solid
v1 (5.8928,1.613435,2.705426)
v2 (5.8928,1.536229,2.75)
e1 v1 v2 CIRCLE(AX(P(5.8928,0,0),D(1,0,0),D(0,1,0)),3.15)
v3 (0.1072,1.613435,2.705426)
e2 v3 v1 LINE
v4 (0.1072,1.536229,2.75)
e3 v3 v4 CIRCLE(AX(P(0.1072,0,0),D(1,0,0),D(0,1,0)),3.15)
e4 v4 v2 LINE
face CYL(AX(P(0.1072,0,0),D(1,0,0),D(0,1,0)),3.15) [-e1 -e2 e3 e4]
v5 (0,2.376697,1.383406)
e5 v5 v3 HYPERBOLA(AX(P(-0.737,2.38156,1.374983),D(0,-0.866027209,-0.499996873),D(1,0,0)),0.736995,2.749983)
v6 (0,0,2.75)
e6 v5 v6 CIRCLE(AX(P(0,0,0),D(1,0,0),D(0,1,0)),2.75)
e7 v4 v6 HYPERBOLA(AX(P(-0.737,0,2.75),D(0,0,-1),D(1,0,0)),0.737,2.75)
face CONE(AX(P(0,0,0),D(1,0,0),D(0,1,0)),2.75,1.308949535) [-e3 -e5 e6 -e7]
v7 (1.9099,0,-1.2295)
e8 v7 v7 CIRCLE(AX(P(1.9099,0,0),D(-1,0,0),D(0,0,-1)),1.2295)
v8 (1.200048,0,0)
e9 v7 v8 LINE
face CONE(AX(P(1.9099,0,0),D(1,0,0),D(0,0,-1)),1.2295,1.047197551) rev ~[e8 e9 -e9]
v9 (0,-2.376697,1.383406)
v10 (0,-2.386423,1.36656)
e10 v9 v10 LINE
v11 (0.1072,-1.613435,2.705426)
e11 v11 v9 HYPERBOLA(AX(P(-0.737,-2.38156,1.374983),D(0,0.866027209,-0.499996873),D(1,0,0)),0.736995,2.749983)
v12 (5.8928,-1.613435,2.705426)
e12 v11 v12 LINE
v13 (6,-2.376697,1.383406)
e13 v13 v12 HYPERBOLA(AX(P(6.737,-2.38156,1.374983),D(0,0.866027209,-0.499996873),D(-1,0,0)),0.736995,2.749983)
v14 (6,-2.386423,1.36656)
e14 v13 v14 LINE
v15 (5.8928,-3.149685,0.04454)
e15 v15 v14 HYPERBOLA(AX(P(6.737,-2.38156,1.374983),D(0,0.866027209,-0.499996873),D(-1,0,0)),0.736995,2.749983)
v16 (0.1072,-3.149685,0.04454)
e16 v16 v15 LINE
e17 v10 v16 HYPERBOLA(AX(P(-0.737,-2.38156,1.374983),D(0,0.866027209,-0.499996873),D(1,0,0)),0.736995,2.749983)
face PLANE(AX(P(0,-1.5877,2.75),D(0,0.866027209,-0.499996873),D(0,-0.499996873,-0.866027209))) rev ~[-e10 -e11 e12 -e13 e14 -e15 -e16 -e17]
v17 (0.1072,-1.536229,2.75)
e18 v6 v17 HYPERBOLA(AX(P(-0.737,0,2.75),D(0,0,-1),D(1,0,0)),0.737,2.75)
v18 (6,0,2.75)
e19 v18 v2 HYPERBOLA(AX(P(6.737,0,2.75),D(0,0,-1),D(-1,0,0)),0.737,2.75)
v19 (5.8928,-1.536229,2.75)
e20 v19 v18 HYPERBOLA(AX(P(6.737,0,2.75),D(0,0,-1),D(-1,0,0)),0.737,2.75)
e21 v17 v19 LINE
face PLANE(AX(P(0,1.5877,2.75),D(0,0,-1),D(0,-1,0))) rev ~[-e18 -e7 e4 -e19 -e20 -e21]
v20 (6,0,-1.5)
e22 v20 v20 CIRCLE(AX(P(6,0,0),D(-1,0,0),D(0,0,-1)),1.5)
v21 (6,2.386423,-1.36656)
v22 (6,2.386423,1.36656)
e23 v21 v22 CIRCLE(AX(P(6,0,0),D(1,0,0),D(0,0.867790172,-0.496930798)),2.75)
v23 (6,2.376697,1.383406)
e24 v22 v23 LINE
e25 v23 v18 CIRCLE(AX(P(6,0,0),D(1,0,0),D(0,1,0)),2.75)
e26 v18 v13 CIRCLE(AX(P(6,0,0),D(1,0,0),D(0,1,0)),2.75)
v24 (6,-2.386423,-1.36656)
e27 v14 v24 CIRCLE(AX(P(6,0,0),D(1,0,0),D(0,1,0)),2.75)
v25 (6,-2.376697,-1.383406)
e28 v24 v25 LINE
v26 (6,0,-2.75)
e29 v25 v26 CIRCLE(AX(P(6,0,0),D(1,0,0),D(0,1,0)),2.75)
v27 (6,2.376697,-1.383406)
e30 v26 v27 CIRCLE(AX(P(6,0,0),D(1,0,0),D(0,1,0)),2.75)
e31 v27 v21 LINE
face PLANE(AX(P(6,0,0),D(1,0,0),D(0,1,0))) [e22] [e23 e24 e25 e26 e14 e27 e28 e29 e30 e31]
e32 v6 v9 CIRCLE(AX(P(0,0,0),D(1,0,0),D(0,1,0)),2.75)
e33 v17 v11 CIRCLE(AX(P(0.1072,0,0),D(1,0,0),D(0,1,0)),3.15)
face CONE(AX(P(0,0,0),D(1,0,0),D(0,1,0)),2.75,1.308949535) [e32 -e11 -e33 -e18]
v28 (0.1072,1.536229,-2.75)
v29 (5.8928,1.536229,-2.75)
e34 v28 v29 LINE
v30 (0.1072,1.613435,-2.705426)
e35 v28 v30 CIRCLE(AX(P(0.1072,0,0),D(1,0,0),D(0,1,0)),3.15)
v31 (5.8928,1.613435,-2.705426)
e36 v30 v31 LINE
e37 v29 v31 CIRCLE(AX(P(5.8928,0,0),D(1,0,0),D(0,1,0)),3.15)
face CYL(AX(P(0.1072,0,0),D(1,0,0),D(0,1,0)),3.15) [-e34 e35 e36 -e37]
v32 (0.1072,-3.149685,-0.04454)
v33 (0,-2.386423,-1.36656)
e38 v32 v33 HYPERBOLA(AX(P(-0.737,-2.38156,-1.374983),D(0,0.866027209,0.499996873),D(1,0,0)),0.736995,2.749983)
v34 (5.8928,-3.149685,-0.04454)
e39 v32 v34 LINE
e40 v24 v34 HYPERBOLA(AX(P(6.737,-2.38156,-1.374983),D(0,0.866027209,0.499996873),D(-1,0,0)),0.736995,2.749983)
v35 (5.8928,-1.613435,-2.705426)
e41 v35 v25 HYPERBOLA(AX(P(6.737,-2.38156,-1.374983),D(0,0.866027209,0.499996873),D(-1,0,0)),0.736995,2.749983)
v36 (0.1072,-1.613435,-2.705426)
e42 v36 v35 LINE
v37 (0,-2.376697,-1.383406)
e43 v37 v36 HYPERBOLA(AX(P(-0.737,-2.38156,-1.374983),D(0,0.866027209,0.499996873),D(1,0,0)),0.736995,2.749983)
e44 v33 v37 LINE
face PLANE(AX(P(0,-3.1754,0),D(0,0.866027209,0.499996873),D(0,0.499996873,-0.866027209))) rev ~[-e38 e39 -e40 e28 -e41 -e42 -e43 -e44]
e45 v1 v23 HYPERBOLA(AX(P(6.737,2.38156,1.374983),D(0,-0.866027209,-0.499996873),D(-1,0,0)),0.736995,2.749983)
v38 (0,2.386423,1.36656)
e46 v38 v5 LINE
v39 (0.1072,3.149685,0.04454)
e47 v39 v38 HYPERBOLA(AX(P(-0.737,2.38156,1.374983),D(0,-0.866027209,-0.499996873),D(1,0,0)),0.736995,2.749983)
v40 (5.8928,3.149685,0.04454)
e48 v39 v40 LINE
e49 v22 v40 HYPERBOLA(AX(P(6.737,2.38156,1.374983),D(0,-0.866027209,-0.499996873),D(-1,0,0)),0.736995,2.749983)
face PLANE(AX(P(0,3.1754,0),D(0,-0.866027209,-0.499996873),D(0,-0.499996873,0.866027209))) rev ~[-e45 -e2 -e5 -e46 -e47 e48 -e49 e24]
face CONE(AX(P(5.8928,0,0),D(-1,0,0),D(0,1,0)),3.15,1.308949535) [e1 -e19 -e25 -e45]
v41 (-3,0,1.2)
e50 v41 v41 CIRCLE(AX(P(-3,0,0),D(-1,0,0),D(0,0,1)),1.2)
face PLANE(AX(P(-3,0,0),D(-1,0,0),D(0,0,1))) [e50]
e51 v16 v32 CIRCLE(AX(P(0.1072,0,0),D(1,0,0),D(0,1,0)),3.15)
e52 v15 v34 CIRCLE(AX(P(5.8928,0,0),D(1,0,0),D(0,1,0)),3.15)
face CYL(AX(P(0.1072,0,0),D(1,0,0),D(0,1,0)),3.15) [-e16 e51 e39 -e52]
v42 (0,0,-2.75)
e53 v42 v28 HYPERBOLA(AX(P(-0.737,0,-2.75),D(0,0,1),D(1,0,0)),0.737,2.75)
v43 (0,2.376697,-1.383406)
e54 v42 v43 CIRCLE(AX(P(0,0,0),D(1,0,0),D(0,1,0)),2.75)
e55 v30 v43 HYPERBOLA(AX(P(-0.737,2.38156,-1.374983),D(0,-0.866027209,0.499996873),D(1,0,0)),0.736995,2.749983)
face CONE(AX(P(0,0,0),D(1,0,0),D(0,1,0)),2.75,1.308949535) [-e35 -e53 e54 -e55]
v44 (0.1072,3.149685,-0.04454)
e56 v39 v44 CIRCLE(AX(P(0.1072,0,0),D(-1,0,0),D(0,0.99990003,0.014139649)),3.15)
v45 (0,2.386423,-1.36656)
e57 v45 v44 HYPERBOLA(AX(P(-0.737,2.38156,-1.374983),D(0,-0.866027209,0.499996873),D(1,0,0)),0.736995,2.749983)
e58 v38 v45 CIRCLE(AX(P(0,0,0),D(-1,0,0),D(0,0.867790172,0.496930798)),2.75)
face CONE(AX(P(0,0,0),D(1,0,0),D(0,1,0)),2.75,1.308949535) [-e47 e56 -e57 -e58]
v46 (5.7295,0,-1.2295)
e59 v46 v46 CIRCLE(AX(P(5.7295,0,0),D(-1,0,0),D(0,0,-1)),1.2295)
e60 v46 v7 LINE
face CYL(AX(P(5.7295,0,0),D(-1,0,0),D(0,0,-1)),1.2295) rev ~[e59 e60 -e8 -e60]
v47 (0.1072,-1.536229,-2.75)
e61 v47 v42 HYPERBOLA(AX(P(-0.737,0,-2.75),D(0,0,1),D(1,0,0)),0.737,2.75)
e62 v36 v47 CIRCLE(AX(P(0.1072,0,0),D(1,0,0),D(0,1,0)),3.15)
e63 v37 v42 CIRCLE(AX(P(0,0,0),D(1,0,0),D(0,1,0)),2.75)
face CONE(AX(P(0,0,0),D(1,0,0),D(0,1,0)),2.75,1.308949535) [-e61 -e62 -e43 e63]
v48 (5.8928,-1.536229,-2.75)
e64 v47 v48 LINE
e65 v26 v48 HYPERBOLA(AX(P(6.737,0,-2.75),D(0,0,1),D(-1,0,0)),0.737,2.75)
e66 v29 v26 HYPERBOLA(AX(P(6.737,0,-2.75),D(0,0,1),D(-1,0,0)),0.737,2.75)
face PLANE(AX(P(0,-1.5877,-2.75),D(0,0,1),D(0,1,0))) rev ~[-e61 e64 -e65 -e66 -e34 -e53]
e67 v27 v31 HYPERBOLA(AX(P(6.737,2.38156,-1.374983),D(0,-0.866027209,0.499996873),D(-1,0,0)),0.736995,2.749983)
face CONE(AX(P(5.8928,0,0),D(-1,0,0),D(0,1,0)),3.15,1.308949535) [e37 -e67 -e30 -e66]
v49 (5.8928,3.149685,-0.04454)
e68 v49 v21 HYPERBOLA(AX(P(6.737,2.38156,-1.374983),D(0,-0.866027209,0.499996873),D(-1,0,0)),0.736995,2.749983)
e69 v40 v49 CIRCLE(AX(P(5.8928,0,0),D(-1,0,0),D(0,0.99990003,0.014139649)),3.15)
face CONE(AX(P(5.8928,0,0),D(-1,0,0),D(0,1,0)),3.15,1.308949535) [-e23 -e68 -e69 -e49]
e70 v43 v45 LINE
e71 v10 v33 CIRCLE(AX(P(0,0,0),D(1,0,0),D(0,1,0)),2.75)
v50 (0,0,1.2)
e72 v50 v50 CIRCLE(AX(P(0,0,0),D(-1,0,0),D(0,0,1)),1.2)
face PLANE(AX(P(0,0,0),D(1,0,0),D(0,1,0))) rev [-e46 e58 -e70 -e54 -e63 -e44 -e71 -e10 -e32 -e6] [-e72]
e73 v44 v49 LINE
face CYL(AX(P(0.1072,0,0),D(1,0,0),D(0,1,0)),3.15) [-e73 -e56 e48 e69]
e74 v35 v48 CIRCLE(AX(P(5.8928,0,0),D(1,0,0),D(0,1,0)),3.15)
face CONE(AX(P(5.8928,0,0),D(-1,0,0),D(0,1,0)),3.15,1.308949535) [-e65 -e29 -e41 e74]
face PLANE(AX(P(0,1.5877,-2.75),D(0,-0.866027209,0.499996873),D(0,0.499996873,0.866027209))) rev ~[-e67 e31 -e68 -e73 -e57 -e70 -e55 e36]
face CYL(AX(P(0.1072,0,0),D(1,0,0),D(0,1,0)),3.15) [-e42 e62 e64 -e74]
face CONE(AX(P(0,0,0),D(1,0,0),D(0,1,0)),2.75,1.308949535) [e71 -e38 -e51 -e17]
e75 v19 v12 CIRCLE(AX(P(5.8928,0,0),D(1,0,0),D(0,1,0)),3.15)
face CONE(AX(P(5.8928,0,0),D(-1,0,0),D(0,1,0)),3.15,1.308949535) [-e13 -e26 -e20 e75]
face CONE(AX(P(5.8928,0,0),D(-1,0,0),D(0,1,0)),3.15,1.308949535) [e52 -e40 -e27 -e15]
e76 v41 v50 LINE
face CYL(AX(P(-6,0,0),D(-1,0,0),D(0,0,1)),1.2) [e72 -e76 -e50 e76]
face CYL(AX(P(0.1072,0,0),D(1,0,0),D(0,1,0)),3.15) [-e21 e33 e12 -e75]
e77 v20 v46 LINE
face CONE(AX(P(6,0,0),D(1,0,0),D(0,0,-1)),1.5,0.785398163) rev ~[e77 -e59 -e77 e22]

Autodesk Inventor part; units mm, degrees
ref_plane "YZ Plane" through (0, 0, 0) normal (1, 0, 0) x (0, 1, 0)
ref_plane "XZ Plane" through (0, 0, 0) normal (0, 1, 0) x (-1, 0, 0)
ref_plane "XY Plane" through (0, 0, 0) normal (0, 0, 1) x (1, 0, 0)
sketch "Sketch_1" plane through (0, 0, 0) normal (0, 0, 1) x (1, 0, 0)
  line L0 (6, 0) -> (0, 0)
  line L1 (0, 0) -> (0, 2.75)
  line L2 (0, 2.75) -> (0.1072, 3.15)
  line L3 (0.1072, 3.15) -> (5.8928, 3.15)
  line L4 (5.8928, 3.15) -> (6, 2.75)
  line L5 (6, 2.75) -> (6, 0)
  line L6 (6, 0) -> (0, 0)
revolve "Revolution1" add sketch "Sketch_1" angle 360 about axis through (6, 0, 0) along (1, 0, 0)
sketch "Sketch_5" plane through (0, 0, 0) normal (0, 0, 1) x (1, 0, 0)
  line L0 (0, 0) -> (-6, 0)
  line L1 (-6, 0) -> (-6, 1.1935)
  line L2 (-6, 1.1935) -> (-5.6935, 1.5)
  line L3 (-5.6935, 1.5) -> (-0.6, 1.5)
  line L4 (-0.6, 1.5) -> (-0.6, 1.2295)
  line L5 (-0.6, 1.2295) -> (0, 1.2295)
  line L6 (0, 1.2295) -> (0, 0)
  line L7 (0, 0) -> (-6, 0)
revolve "Revolution2" add sketch "Sketch_5" angle 360 about axis through (0, 0, 0) along (1, 0, 0)
thread "Thread1" size "M3x0.5" class "6g" standard "ISO Metric profile" full length
sketch "Sketch_6" plane through (0, 0, 0) normal (1, 0, 0) x (0, 1, 0)
  circle A0 centre (0, 0) radius 6.3
  line L0 (1.5877, 2.75) -> (-1.5877, 2.75)
  line L1 (-1.5877, 2.75) -> (-3.1754, 0)
  line L2 (-3.1754, 0) -> (-1.5877, -2.75)
  line L3 (-1.5877, -2.75) -> (1.5877, -2.75)
  line L4 (1.5877, -2.75) -> (3.1754, 0)
  line L5 (3.1754, 0) -> (1.5877, 2.75)
extrude "Extrusion1" cut sketch "Sketch_6" along normal blind 6
sketch "Sketch4" plane through (6, 0, 0) normal (1, 0, 0) x (0, 0, -1)
  point P0 (0, 0)
hole "Hole1" at (6, 0, 0) direction (-1, 0, 0) diameter 2.459 depth 4.0901 tip angle 120 countersink diameter 3 countersink angle 90 thread size "M3x0.5" class "6H" standard "ISO Metric profile"
sketch "スケッチ5" plane through (-6, 0, 0) normal (-1, 0, 0) x (0, 0, 1)
  circle A0 centre (0, 0) radius 1.1935 projected
  circle A1 centre (0, 0) radius 1.2
  circle A2 centre (0, 0) radius 2.1125
  dimension "d13" = 2.4
extrude "押し出し2" cut sketch "スケッチ5" against normal blind 6 contours A2
sketch "スケッチ6" plane through (-6, 0, 0) normal (-1, 0, 0) x (0, 0, 1)
  circle A0 centre (0, 0) radius 1.1935 projected
  circle A1 centre (0, 0) radius 4.3291
extrude "押し出し3" cut sketch "スケッチ6" against normal blind 3 contours A0 | A1
sketch "スケッチ7" plane through (0, 0, 0) normal (0, 1, 0) x (-1, 0, 0)
  line L0 (0, 1.375) -> (0, -1.375) projected
  line L1 (10.0538, 0) -> (-16.076, 0)
  line L2 (-0.1072, 0.0446) -> (-0.1072, -0.0446) projected
  line L3 (10.0538, 0) -> (7.865, -1.944)
  line L4 (10.0538, 0) -> (7.865, 1.944)
  line L5 (-16.076, 0) -> (-13.8872, -1.944)
  line L6 (-16.076, 0) -> (-13.8872, 1.944)
  point P0 (0, 0)
  point P1 (0, 0)
  point P2 (-0.1072, 0)
properties part number "MSU-306-03" material "ステンレス鋼 440C"
